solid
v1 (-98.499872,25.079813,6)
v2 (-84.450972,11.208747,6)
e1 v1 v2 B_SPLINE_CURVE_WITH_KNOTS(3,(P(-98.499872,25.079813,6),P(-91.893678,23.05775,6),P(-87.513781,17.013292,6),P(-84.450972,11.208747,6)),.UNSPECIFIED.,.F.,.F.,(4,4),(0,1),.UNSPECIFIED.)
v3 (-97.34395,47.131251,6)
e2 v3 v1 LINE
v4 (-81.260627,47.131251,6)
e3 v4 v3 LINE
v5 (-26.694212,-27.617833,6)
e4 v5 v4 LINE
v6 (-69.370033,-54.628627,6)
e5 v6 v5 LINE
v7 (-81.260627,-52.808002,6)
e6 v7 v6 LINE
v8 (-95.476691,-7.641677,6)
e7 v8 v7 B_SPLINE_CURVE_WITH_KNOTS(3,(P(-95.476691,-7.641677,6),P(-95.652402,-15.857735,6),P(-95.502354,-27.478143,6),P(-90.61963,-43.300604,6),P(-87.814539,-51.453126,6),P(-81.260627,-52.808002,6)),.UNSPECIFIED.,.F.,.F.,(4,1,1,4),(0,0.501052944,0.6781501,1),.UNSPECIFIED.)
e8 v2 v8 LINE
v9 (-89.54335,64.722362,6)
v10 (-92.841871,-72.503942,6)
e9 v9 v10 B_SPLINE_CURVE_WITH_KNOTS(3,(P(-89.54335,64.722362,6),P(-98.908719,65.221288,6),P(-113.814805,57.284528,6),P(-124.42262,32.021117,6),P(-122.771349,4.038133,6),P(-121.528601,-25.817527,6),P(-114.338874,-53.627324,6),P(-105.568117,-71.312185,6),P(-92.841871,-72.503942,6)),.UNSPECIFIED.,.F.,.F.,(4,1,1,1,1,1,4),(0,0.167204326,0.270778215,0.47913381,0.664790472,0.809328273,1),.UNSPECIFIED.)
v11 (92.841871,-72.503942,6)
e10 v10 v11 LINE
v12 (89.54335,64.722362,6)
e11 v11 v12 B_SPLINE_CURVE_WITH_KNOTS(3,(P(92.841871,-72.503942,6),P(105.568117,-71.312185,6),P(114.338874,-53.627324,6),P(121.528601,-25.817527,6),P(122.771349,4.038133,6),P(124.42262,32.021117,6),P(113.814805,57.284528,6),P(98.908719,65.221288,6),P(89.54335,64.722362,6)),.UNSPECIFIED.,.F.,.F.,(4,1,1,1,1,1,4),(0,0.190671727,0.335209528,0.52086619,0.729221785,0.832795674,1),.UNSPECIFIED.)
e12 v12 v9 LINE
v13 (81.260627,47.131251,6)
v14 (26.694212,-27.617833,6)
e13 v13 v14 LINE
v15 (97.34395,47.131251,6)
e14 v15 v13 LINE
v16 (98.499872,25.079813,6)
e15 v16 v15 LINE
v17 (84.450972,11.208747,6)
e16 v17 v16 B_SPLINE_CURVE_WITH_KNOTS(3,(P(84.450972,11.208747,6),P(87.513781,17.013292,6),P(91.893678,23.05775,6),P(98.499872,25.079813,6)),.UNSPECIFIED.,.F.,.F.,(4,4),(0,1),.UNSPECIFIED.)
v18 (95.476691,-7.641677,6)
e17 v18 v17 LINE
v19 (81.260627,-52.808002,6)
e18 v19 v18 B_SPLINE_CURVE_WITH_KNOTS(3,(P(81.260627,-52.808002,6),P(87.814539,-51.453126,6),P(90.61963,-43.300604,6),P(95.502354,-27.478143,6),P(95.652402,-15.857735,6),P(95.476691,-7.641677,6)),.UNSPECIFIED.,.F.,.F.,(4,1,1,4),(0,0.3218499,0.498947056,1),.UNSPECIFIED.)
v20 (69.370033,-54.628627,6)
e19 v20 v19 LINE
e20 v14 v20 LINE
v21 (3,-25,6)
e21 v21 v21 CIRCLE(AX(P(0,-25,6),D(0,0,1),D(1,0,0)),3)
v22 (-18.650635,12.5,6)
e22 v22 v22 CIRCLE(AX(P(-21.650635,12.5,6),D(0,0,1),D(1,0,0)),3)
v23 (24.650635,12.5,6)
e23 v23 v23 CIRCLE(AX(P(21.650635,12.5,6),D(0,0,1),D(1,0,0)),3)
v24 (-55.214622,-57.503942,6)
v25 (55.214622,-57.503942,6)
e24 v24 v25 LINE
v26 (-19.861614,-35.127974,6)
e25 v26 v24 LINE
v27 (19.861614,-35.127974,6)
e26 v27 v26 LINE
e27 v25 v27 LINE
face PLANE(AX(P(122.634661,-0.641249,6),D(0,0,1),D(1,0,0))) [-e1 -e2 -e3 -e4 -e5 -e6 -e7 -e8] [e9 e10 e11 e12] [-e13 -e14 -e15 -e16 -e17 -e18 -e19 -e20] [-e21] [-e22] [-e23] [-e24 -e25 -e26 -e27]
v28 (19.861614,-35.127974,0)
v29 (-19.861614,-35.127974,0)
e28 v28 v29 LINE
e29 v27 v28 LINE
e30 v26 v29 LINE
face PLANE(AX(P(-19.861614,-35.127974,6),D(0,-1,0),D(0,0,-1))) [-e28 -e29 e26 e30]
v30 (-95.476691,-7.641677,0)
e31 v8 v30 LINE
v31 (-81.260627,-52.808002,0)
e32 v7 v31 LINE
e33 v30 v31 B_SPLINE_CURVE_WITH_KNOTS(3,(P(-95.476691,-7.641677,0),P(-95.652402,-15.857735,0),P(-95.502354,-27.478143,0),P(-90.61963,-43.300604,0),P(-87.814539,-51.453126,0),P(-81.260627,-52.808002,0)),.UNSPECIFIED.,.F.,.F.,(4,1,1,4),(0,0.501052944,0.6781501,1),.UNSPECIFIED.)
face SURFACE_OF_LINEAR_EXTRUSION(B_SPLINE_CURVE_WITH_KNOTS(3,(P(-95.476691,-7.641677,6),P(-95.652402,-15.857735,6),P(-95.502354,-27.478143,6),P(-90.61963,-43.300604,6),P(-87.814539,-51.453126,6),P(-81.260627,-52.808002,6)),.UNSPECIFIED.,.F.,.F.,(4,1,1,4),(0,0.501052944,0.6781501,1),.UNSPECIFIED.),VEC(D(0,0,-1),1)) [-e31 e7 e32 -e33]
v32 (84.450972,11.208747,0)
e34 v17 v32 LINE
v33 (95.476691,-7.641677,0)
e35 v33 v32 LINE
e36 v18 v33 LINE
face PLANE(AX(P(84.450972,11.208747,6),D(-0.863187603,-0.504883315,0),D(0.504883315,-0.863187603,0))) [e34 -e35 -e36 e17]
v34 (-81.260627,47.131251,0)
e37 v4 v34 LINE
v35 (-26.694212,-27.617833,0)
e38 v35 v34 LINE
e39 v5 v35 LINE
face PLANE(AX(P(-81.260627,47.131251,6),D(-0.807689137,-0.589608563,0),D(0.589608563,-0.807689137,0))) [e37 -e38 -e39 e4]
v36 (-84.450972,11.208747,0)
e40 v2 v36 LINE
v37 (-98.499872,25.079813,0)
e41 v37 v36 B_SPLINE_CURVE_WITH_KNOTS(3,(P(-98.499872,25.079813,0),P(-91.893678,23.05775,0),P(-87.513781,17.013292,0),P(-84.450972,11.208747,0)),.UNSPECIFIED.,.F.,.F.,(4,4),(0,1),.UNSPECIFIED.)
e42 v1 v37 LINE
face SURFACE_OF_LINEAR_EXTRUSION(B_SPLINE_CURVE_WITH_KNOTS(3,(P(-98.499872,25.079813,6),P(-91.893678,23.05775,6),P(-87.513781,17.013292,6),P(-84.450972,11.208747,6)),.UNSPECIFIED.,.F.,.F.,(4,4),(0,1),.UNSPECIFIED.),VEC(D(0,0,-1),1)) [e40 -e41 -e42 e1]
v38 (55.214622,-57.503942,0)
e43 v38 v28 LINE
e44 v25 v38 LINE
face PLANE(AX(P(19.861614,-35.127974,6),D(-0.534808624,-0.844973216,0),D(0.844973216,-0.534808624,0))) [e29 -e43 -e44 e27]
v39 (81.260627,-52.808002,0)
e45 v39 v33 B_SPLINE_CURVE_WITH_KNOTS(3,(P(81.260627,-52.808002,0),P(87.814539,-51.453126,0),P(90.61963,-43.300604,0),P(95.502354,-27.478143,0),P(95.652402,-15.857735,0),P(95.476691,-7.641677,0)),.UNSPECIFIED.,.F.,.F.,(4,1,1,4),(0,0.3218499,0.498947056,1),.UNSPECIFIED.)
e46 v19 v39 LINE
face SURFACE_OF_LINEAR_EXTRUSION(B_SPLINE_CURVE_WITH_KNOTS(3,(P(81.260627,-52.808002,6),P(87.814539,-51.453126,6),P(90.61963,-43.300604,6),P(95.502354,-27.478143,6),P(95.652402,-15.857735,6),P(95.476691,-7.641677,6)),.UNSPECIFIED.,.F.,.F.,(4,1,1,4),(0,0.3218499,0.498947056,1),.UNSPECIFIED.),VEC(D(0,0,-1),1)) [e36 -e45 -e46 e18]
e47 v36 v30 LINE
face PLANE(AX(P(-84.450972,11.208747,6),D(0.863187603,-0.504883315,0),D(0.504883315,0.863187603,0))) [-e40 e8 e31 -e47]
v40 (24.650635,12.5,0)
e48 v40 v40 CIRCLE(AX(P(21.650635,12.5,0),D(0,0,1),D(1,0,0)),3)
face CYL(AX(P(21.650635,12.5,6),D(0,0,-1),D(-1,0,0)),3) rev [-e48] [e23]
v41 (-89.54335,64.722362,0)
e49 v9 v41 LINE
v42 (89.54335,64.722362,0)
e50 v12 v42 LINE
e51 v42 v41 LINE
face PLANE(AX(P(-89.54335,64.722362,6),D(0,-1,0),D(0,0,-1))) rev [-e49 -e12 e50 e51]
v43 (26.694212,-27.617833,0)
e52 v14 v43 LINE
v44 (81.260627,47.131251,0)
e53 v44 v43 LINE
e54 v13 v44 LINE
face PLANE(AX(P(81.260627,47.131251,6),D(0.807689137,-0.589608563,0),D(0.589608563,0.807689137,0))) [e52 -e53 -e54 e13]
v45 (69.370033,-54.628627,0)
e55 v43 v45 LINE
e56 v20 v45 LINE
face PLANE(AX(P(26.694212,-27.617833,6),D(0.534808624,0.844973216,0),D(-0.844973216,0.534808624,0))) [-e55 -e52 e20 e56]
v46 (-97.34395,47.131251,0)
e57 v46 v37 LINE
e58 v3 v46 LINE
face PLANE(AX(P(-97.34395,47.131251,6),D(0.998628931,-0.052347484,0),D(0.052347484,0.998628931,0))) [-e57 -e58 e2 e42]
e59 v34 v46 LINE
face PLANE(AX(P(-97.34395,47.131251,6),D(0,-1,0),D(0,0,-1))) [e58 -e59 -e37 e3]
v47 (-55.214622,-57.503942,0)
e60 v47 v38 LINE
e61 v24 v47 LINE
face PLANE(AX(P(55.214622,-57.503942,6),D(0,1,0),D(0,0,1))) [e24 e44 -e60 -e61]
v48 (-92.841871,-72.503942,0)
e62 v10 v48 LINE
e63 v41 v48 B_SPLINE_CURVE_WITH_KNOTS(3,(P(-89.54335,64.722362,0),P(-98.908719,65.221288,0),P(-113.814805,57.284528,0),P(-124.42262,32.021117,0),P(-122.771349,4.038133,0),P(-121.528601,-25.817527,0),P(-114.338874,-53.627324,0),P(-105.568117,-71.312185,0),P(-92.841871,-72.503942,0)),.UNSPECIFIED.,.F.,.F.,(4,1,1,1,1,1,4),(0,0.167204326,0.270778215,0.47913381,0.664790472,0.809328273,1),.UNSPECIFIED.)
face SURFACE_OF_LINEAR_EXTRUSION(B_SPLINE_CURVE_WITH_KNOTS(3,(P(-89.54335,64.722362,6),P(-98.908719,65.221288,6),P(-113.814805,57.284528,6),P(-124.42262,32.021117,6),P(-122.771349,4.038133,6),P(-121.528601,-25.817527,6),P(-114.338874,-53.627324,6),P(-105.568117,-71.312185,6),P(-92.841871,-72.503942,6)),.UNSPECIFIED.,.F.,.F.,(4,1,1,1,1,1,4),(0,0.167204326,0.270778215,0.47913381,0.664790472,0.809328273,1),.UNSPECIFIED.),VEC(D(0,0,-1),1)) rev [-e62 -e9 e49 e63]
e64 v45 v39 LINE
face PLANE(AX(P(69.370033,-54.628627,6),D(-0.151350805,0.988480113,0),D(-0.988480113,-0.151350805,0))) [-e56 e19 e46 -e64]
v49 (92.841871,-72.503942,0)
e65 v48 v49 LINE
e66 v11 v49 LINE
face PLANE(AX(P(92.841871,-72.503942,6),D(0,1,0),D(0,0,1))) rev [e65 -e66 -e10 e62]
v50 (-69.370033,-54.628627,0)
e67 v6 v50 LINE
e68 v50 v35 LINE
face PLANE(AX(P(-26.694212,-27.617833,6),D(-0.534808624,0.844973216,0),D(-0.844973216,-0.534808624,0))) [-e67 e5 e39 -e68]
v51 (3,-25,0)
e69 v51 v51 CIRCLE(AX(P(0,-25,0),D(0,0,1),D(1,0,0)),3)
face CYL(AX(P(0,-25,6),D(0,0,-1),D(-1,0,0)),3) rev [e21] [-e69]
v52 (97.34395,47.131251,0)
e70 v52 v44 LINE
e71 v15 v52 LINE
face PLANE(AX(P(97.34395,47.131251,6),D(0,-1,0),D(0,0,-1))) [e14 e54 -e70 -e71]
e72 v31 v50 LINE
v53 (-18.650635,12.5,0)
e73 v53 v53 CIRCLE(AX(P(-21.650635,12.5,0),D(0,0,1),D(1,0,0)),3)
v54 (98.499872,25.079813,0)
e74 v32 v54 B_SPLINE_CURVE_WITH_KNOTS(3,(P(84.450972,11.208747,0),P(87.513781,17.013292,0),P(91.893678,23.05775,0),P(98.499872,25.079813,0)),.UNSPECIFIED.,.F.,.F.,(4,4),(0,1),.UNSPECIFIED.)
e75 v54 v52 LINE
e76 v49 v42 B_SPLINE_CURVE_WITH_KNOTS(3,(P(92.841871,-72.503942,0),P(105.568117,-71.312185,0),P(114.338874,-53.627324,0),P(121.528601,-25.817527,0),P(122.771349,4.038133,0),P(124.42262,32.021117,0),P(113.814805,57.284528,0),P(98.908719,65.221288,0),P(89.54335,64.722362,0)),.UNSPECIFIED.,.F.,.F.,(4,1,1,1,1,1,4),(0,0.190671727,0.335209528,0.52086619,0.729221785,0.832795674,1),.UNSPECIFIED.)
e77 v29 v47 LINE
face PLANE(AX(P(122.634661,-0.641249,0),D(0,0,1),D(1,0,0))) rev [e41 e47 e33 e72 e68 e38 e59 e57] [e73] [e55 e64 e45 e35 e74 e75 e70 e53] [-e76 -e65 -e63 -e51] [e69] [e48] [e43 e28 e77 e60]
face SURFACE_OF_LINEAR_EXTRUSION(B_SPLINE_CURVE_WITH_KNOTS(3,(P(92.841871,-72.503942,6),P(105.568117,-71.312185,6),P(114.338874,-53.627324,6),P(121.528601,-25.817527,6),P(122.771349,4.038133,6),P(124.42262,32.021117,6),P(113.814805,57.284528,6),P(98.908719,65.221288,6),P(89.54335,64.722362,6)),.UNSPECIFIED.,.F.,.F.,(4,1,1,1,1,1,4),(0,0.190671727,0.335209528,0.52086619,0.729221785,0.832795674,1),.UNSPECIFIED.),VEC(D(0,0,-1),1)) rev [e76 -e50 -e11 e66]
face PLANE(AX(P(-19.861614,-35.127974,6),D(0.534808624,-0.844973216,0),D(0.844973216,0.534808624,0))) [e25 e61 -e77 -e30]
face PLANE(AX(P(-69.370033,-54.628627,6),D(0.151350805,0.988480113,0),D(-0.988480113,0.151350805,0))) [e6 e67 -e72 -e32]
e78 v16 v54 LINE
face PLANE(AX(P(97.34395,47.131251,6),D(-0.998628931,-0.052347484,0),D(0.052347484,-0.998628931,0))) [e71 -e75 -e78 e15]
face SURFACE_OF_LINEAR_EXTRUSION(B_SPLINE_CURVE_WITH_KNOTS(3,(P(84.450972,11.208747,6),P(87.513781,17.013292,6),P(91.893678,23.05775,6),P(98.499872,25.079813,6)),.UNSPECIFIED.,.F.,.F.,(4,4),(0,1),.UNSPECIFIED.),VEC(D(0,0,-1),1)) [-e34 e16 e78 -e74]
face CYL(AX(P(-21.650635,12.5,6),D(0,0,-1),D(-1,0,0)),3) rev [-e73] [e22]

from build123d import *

# Parameters (mm, degrees)
SKETCH1_R           = 3
BOSS_EXTRUDE1_DEPTH = 6


with BuildPart() as part:
    # Sketch1 → Boss-Extrude1 (new body)
    with BuildSketch(Plane.XY):
        with BuildLine():
            Line((92.841871249, -72.503941705), (-92.841871249, -72.503941705))
            add(Edge.make_bspline(
                [(-89.54335041, 64.722361891), (-98.90871893, 65.221288052), (-113.81480539, 57.284527757), (-124.422620364, 32.021117456), (-122.771348874, 4.038133367), (-121.528600594, -25.817527247), (-114.338873962, -53.627324125), (-105.568117143, -71.312185373), (-92.841871249, -72.503941705)],
                knots=[0, 0, 0, 0, 0.167204326, 0.270778215, 0.47913381, 0.664790472, 0.809328273, 1, 1, 1, 1], degree=3))
            Line((-89.54335041, 64.722361891), (89.54335041, 64.722361891))
            add(Edge.make_bspline(
                [(89.54335041, 64.722361891), (98.90871893, 65.221288052), (113.81480539, 57.284527757), (124.422620364, 32.021117456), (122.771348874, 4.038133367), (121.528600594, -25.817527247), (114.338873962, -53.627324125), (105.568117143, -71.312185373), (92.841871249, -72.503941705)],
                knots=[0, 0, 0, 0, 0.167204326, 0.270778215, 0.47913381, 0.664790472, 0.809328273, 1, 1, 1, 1], degree=3))
        make_face()
        with Locations((-21.650635095, 12.5)):
            Circle(SKETCH1_R, mode=Mode.SUBTRACT)
        with Locations((21.650635095, 12.5)):
            Circle(SKETCH1_R, mode=Mode.SUBTRACT)
        with Locations((0, -25)):
            Circle(SKETCH1_R, mode=Mode.SUBTRACT)
        with BuildLine():
            Line((97.34394992, 47.131251227), (98.499872101, 25.079812686))
            add(Edge.make_bspline(
                [(98.499872101, 25.079812686), (91.893678399, 23.057749928), (87.513780679, 17.013291572), (84.45097174, 11.208746507)],
                knots=[0, 0, 0, 0, 1, 1, 1, 1], degree=3))
            Line((84.45097174, 11.208746507), (95.476691011, -7.641676762))
            add(Edge.make_bspline(
                [(95.476691011, -7.641676762), (95.652402082, -15.857734775), (95.502353613, -27.478143499), (90.619630404, -43.300604068), (87.814539084, -51.453126083), (81.260626519, -52.808002251)],
                knots=[0, 0, 0, 0, 0.501052944, 0.6781501, 1, 1, 1, 1], degree=3))
            Line((81.260626519, -52.808002251), (69.370032777, -54.628626567))
            Line((69.370032777, -54.628626567), (26.69421199, -27.617833137))
            Line((26.69421199, -27.617833137), (81.260626519, 47.131251227))
            Line((81.260626519, 47.131251227), (97.34394992, 47.131251227))
        make_face(mode=Mode.SUBTRACT)
        Polygon((-19.861614429, -35.127974027), (19.861614429, -35.127974027), (55.214622071, -57.503941705), (-55.214622071, -57.503941705), align=None, mode=Mode.SUBTRACT)
        with BuildLine():
            Line((-97.34394992, 47.131251227), (-81.260626519, 47.131251227))
            Line((-81.260626519, 47.131251227), (-26.69421199, -27.617833137))
            Line((-26.69421199, -27.617833137), (-69.370032777, -54.628626567))
            Line((-69.370032777, -54.628626567), (-81.260626519, -52.808002251))
            add(Edge.make_bspline(
                [(-95.476691011, -7.641676762), (-95.652402082, -15.857734775), (-95.502353613, -27.478143499), (-90.619630404, -43.300604068), (-87.814539084, -51.453126083), (-81.260626519, -52.808002251)],
                knots=[0, 0, 0, 0, 0.501052944, 0.6781501, 1, 1, 1, 1], degree=3))
            Line((-95.476691011, -7.641676762), (-84.45097174, 11.208746507))
            add(Edge.make_bspline(
                [(-98.499872101, 25.079812686), (-91.893678399, 23.057749928), (-87.513780679, 17.013291572), (-84.45097174, 11.208746507)],
                knots=[0, 0, 0, 0, 1, 1, 1, 1], degree=3))
            Line((-98.499872101, 25.079812686), (-97.34394992, 47.131251227))
        make_face(mode=Mode.SUBTRACT)
    extrude(amount=BOSS_EXTRUDE1_DEPTH)


solid = part.part
